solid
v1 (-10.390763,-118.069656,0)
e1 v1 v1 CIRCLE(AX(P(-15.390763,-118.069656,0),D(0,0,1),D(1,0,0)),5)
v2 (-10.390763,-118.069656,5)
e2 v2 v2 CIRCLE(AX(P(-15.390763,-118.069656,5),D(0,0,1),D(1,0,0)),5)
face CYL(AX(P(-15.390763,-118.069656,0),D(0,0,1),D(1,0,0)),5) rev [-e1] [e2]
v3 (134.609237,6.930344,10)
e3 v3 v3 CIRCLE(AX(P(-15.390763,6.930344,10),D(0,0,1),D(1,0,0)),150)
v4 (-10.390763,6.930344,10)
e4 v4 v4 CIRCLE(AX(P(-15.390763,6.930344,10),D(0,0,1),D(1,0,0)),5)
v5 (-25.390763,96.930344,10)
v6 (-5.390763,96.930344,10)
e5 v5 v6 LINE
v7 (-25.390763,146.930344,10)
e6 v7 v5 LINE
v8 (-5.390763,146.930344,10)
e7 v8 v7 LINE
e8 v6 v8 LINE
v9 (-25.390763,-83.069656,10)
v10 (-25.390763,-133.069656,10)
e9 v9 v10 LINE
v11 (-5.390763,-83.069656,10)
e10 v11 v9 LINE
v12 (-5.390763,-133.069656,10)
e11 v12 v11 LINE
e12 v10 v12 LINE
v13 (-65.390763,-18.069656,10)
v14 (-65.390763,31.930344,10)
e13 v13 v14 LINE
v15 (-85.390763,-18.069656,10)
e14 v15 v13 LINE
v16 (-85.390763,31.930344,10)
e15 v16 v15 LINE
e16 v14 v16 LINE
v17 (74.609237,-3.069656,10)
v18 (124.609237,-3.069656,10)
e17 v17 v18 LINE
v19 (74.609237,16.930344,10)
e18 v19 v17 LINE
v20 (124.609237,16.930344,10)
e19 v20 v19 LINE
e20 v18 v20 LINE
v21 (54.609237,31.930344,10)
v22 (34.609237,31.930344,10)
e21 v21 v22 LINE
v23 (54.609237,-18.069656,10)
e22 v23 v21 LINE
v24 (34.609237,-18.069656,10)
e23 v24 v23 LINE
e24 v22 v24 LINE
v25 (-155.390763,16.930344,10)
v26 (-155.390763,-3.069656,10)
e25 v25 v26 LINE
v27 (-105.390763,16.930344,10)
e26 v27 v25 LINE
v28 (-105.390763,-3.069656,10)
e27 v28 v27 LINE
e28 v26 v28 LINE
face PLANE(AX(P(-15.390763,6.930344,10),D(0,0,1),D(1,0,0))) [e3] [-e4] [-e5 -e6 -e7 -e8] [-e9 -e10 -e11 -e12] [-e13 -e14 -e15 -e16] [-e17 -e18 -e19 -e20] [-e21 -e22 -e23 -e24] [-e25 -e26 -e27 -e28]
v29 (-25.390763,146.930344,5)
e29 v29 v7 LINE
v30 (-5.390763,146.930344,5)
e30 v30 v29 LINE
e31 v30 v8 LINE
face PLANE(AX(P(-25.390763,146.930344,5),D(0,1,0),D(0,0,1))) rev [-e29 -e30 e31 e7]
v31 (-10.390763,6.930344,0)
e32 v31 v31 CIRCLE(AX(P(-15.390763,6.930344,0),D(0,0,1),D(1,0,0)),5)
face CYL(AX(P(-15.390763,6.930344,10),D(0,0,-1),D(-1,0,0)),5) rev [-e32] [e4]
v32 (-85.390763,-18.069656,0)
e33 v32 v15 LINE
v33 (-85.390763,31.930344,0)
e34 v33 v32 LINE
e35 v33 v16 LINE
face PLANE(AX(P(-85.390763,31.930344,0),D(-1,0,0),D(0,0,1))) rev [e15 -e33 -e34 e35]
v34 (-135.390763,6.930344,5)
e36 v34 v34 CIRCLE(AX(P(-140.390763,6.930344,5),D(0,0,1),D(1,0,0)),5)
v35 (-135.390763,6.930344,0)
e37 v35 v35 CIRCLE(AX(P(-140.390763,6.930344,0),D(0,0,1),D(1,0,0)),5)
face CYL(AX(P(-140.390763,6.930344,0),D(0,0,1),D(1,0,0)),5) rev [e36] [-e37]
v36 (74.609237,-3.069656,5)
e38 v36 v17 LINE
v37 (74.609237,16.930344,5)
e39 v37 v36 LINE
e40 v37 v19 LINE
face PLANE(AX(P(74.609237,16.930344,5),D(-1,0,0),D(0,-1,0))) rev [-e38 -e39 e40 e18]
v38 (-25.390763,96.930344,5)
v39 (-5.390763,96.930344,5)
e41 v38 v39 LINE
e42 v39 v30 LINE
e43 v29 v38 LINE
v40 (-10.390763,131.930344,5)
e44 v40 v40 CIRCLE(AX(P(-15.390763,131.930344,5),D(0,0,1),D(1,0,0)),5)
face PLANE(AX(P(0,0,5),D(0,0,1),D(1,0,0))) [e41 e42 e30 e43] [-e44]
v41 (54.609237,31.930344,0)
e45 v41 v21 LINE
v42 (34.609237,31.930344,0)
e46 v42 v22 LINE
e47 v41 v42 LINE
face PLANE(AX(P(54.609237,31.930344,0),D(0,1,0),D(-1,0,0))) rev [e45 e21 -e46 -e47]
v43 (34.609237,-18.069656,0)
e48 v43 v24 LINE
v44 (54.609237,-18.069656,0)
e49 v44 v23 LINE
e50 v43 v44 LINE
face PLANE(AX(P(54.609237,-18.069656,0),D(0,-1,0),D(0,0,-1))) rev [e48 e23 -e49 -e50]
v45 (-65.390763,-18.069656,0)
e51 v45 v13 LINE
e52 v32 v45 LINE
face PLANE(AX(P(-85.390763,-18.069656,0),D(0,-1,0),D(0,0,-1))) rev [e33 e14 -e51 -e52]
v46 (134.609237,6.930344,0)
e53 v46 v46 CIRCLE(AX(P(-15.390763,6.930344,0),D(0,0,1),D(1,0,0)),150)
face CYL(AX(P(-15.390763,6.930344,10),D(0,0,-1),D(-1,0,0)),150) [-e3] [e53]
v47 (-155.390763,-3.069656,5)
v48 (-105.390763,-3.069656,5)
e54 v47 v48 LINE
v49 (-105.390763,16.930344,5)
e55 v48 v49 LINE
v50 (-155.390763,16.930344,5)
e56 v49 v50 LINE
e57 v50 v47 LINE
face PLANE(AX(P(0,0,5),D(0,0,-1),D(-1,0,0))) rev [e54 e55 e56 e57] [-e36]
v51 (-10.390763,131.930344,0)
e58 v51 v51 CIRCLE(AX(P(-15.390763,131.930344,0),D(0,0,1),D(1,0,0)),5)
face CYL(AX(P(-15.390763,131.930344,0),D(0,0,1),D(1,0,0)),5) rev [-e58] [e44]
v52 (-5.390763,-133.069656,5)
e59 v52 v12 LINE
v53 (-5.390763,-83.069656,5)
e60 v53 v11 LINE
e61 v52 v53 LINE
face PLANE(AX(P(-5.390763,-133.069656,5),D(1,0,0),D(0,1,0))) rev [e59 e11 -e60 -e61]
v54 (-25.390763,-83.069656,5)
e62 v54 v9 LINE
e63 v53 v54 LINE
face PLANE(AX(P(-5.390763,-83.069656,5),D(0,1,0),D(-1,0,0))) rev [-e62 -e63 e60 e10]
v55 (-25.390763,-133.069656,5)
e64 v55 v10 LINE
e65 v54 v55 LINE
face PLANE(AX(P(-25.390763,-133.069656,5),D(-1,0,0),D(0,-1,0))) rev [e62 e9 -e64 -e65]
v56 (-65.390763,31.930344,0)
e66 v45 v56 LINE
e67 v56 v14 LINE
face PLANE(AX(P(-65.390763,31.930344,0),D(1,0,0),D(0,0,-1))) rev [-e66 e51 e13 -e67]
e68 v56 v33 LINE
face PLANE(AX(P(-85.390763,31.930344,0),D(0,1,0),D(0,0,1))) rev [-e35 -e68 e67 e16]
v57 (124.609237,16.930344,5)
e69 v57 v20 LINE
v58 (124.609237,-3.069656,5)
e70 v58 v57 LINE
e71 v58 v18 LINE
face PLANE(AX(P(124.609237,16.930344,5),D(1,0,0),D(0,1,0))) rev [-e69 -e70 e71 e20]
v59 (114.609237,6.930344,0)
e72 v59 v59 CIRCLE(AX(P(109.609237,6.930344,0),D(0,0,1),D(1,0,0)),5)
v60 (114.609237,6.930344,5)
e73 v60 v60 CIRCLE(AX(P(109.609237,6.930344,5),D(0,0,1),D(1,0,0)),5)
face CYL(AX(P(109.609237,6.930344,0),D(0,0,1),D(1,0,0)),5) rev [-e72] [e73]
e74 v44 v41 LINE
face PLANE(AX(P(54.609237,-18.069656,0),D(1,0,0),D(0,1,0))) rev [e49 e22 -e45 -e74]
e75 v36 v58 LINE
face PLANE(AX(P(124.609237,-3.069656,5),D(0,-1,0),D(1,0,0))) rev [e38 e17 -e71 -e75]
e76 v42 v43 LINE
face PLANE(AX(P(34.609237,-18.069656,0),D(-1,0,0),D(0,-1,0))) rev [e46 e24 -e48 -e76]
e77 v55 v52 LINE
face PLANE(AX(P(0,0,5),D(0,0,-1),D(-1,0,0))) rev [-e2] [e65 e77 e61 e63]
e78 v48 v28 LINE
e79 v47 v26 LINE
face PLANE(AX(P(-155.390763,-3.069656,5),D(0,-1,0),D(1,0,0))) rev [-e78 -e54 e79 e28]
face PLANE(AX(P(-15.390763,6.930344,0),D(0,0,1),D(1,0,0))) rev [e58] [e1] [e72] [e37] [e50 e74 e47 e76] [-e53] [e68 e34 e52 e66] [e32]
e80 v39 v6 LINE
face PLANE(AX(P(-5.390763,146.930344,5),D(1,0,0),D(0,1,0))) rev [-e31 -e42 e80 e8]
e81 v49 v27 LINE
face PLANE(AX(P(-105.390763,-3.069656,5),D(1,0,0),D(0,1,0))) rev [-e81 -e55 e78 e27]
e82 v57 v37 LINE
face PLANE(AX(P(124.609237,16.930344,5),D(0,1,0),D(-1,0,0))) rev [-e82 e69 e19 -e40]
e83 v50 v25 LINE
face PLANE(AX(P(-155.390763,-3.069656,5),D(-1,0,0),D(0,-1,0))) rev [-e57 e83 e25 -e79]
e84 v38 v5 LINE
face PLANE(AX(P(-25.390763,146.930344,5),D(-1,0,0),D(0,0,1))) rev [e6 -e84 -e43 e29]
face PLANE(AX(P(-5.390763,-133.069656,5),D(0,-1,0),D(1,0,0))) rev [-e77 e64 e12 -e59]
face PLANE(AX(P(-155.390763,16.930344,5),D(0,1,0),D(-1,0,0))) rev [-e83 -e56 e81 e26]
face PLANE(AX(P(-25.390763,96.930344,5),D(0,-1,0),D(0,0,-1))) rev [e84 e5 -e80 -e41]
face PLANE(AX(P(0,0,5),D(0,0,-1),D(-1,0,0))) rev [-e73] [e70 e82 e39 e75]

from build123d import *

# Parameters (mm, degrees)
SKETCH_1_R               = 150
SKETCH_1_R_2             = 5
EXTRUDE_1_DEPTH          = 10
SKETCH_2_W               = 50
SKETCH_2_H               = 20
SKETCH_2_W_2             = 20
SKETCH_2_H_2             = 50
CUT_EXTRUDE_1_DEPTH      = 5
SKETCH_4_R               = 5
CUT_EXTRUDE_3_DEPTH      = 229.048761054
CUT_EXTRUDE_4_DEPTH      = 229.213140327
CUT_EXTRUDE_4_DEPTH_BACK = 229.213140327
SKETCH_3_W               = 20
SKETCH_3_H               = 50


with BuildPart() as part:
    # 草图1 → 凸台-拉伸1 (new body)
    with BuildSketch(Plane.XY):
        with Locations((-15.39076342, 6.930343762)):
            Circle(SKETCH_1_R)
        with Locations((-15.39076342, 6.930343762)):
            Circle(SKETCH_1_R_2, mode=Mode.SUBTRACT)
    extrude(amount=EXTRUDE_1_DEPTH)

    # 草图2 → 切除-拉伸1 (cut)
    with BuildSketch(Plane.XY.offset(10)):
        with Locations((99.60923658, 6.930343762)):
            Rectangle(SKETCH_2_W, SKETCH_2_H)
        with Locations((-15.39076342, 121.930343762)):
            Rectangle(SKETCH_2_W_2, SKETCH_2_H_2)
        with Locations((-15.39076342, -108.069656238)):
            Rectangle(SKETCH_2_W_2, SKETCH_2_H_2)
        with Locations((-130.39076342, 6.930343762)):
            Rectangle(SKETCH_2_W, SKETCH_2_H)
    extrude(amount=-CUT_EXTRUDE_1_DEPTH, mode=Mode.SUBTRACT)

    # 草图4 → 切除-拉伸3 (cut, through all)
    with BuildSketch(Plane.XY.offset(5)):
        with Locations((109.60923658, 6.930343762)):
            Circle(SKETCH_4_R)
        with Locations((-15.39076342, -118.069656238)):
            Circle(SKETCH_4_R)
        with Locations((-140.39076342, 6.930343762)):
            Circle(SKETCH_4_R)
        with Locations((-15.39076342, 131.930343762)):
            Circle(SKETCH_4_R)
    extrude(amount=-CUT_EXTRUDE_3_DEPTH, mode=Mode.SUBTRACT)

    # 草图3 → 切除-拉伸4 (cut, two sides: drawn at the far end of the back side and taken through both)
    with BuildSketch(Plane.XY.offset(10).offset(-CUT_EXTRUDE_4_DEPTH_BACK)):
        with Locations((44.60923658, 6.930343762)):
            Rectangle(SKETCH_3_W, SKETCH_3_H)
        with Locations((-75.39076342, 6.930343762)):
            Rectangle(SKETCH_3_W, SKETCH_3_H)
    extrude(amount=CUT_EXTRUDE_4_DEPTH + CUT_EXTRUDE_4_DEPTH_BACK, mode=Mode.SUBTRACT)


solid = part.part
